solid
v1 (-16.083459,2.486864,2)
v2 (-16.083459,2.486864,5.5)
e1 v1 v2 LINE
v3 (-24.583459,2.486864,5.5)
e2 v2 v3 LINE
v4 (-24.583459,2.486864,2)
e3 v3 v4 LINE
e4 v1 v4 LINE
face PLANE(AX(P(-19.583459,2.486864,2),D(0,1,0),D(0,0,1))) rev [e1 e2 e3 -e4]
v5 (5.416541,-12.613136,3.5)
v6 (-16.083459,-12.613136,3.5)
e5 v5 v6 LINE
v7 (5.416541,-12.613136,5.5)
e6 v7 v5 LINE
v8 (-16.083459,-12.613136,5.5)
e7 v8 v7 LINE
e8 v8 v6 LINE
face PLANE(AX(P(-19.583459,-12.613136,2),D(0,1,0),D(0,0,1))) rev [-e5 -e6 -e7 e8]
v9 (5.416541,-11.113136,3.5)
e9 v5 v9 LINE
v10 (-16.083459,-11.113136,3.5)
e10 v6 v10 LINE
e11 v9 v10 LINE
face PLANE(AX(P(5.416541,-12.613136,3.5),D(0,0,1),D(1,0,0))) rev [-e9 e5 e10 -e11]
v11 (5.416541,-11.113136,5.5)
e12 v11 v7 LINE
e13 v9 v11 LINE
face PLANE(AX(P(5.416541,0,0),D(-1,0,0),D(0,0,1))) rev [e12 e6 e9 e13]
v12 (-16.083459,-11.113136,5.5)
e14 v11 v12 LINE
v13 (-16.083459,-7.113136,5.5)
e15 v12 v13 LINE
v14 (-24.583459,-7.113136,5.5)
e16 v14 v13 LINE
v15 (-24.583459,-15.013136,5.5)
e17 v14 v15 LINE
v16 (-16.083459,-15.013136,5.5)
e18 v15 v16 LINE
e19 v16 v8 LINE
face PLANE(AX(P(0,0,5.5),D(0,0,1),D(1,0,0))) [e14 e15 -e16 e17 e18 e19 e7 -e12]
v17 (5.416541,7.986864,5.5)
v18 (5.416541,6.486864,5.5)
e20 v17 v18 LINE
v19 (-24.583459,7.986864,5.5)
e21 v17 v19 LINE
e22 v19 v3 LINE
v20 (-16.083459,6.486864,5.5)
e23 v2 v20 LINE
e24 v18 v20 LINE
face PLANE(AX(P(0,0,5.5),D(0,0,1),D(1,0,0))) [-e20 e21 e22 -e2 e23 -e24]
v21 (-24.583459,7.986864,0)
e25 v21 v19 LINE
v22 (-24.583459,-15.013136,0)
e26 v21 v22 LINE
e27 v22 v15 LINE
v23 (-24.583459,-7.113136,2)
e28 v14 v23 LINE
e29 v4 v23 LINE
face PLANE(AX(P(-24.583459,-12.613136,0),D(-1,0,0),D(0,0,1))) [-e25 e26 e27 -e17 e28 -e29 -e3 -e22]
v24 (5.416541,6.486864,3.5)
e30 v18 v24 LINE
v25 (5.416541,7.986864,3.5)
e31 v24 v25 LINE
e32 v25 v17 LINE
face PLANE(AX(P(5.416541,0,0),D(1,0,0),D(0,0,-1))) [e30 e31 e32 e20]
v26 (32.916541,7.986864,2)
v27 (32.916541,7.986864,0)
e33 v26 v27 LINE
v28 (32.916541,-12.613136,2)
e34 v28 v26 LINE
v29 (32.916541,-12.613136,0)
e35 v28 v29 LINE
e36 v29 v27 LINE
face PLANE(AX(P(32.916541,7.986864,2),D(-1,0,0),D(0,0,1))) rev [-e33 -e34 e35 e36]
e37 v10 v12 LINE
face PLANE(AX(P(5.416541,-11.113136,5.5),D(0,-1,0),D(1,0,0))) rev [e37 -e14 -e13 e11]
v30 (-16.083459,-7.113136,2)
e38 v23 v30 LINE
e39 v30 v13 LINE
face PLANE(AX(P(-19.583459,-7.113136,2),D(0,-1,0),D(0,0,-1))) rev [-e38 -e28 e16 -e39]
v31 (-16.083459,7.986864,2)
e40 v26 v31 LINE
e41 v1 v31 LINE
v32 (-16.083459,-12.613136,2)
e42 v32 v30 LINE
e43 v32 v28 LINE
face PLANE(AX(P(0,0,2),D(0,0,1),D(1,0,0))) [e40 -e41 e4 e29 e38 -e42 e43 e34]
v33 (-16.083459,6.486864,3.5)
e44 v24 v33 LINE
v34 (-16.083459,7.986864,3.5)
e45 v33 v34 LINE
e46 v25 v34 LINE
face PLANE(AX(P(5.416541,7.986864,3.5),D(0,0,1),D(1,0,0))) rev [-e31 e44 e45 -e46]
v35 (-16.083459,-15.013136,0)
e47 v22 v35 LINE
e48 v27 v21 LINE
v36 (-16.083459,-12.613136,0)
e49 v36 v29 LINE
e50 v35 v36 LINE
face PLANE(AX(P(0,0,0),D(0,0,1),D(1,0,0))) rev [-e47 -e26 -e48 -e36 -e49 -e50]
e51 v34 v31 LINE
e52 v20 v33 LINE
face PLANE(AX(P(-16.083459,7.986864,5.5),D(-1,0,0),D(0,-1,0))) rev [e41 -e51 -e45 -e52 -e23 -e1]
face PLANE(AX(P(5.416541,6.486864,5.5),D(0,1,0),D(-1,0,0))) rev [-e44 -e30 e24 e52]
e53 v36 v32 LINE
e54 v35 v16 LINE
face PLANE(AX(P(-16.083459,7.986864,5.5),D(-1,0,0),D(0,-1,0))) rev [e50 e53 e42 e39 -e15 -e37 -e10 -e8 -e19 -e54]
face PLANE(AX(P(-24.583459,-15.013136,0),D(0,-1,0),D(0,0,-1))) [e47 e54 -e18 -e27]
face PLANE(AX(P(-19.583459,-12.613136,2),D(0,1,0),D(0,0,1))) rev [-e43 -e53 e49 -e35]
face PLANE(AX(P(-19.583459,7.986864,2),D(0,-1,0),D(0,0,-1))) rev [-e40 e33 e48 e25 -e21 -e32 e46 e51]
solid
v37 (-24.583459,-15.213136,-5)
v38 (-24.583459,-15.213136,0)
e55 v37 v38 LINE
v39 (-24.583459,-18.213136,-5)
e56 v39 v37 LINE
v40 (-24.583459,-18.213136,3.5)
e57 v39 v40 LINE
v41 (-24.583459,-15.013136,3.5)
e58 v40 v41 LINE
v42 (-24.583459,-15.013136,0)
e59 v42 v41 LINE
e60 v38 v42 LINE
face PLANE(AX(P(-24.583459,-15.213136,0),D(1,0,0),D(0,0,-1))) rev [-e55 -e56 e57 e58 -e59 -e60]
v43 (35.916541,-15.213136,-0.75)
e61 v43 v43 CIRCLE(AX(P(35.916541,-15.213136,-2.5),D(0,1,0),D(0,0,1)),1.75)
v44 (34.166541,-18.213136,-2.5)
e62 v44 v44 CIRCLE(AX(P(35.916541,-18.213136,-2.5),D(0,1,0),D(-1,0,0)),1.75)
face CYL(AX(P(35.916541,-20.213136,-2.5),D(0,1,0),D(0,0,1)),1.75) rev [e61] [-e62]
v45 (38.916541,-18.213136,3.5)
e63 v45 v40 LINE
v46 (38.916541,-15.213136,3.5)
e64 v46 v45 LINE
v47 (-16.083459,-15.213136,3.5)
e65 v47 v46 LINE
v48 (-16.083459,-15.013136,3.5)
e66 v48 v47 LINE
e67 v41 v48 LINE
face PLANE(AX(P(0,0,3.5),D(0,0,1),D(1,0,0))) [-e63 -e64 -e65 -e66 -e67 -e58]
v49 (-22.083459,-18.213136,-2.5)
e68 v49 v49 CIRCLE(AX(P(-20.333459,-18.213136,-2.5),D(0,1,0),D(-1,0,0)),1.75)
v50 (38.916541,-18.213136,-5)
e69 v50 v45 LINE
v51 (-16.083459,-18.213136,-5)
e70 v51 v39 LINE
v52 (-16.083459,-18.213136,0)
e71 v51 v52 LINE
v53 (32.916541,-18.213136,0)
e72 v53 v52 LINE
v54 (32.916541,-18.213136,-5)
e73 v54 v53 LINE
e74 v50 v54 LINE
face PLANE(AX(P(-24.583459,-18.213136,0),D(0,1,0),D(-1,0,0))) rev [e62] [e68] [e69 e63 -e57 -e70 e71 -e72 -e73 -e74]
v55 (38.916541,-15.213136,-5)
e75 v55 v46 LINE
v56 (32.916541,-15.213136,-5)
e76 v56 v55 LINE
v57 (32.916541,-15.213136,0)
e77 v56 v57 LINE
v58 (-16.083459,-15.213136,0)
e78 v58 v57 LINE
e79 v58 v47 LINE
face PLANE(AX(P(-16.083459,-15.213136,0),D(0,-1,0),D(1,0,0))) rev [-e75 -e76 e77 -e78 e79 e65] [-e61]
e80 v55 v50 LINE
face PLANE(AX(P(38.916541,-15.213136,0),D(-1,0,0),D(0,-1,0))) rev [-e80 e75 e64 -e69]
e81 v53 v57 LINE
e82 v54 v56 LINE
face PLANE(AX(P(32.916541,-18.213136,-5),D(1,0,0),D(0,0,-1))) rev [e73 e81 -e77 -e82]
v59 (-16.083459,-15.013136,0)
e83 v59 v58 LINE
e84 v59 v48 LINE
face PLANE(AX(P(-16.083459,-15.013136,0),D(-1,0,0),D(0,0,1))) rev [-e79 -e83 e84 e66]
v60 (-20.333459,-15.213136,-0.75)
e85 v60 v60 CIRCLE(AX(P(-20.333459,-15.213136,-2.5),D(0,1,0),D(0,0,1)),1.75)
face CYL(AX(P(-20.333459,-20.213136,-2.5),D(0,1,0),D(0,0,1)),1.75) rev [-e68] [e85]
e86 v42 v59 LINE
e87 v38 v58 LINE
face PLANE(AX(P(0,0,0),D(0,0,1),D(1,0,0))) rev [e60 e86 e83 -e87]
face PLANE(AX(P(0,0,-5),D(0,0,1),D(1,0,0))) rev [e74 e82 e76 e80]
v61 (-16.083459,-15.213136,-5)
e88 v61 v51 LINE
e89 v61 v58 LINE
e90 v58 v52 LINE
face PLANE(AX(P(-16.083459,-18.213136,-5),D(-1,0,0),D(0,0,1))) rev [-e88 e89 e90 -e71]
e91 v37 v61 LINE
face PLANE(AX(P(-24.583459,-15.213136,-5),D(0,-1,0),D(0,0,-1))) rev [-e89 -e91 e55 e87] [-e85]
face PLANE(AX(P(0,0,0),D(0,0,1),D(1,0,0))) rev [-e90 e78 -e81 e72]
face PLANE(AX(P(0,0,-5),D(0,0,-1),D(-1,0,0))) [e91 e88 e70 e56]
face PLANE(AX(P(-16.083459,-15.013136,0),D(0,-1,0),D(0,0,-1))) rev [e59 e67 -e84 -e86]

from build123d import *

# Parameters (mm, degrees)
ESBO_O1_W                 = 52.5
ESBO_O1_H                 = 20.6
RESSALTO_EXTRUS_O1_DEPTH  = 2
ESBO_O2_W                 = 3.5
ESBO_O2_H                 = 20.6
RESSALTO_EXTRUS_O2_DEPTH  = 3.5
ESBO_O3_W                 = 3.5
ESBO_O3_H                 = 9.6
CORTE_EXTRUS_O1_DEPTH     = 3.5
ESBO_O4_W                 = 2
ESBO_O4_H                 = 1.5
RESSALTO_EXTRUS_O3_DEPTH  = 21.5
RESSALTO_EXTRUS_O4_DEPTH  = 2
ESBO_O9_W                 = 5
ESBO_O9_H                 = 5.5
RESSALTO_EXTRUS_O8_DEPTH  = 3.5
RESSALTO_EXTRUS_O9_DEPTH  = 3.5
ESBO_O11_W                = 8.5
ESBO_O11_H                = 3
ESBO_O11_W_2              = 6
RESSALTO_EXTRUS_O10_DEPTH = 5
ESBO_O12_R                = 1.75
CORTE_EXTRUS_O2_DEPTH     = 5


with BuildPart() as part:
    # Esboço1 → Ressalto-extrusão1 (new body)
    with BuildSketch(Plane.XY):
        with Locations((6.666541047, -2.313135593)):
            Rectangle(ESBO_O1_W, ESBO_O1_H)
    extrude(amount=RESSALTO_EXTRUS_O1_DEPTH)

    # Esboço2 → Ressalto-extrusão2 (add)
    with BuildSketch(Plane.XY.offset(2)):
        with Locations((-17.833458953, -2.313135593)):
            Rectangle(ESBO_O2_W, ESBO_O2_H)
    extrude(amount=RESSALTO_EXTRUS_O2_DEPTH)

    # Esboço3 → Corte-extrusão1 (cut)
    with BuildSketch(Plane.XY.offset(5.5)):
        with Locations((-17.833458953, -2.313135593)):
            Rectangle(ESBO_O3_W, ESBO_O3_H)
    extrude(amount=-CORTE_EXTRUS_O1_DEPTH, mode=Mode.SUBTRACT)

    # Esboço4 → Ressalto-extrusão3 (add)
    with BuildSketch(Plane(origin=(-16.083458953, 0, 0), x_dir=(0, 0, -1), z_dir=(1, 0, 0))):
        with Locations((-4.5, 7.236864407)):
            Rectangle(ESBO_O4_W, ESBO_O4_H)
        with Locations((-4.5, -11.863135593)):
            Rectangle(ESBO_O4_W, ESBO_O4_H)
    extrude(amount=RESSALTO_EXTRUS_O3_DEPTH)

    # Esboço5 → Ressalto-extrusão4 (add)
    with BuildSketch(Plane.XY.offset(2)):
        Polygon((-19.583458953, 7.986864407), (-24.583458953, 7.986864407), (-24.583458953, -12.613135593), (-24.583458953, -15.013135593), (-16.083458953, -15.013135593), (-16.083458953, -12.613135593), (-19.583458953, -12.613135593), align=None)
    extrude(amount=-RESSALTO_EXTRUS_O4_DEPTH)

    # Esboço9 → Ressalto-extrusão8 (add, through all)
    with BuildSketch(Plane.XY.offset(2)):
        Polygon((-19.583458953, -7.113135593), (-24.583458953, -7.113135593), (-24.583458953, -15.013135593), (-16.083458953, -15.013135593), (-16.083458953, -12.613135593), (-19.583458953, -12.613135593), align=None)
        with Locations((-22.083458953, 5.236864407)):
            Rectangle(ESBO_O9_W, ESBO_O9_H)
    extrude(amount=RESSALTO_EXTRUS_O8_DEPTH)


with BuildPart() as body_2:
    # Esboço10 → Ressalto-extrusão9 (new, through all)
    with BuildSketch(Plane(origin=(0, 0, 3.5), x_dir=(-1, 0, 0), z_dir=(0, 0, -1))):
        Polygon((16.083458953, -15.213135593), (-38.916541047, -15.213135593), (-38.916541047, -18.213135593), (24.583458953, -18.213135593), (24.583458953, -15.213135593), (24.583458953, -15.013135593), (16.083458953, -15.013135593), align=None)
    extrude(amount=RESSALTO_EXTRUS_O9_DEPTH)

    # Esboço11 → Ressalto-extrusão10 (add)
    with BuildSketch(Plane(origin=(0, 0, 0), x_dir=(-1, 0, 0), z_dir=(0, 0, -1))):
        with Locations((20.333458953, -16.713135593)):
            Rectangle(ESBO_O11_W, ESBO_O11_H)
        with Locations((-35.916541047, -16.713135593)):
            Rectangle(ESBO_O11_W_2, ESBO_O11_H)
    extrude(amount=RESSALTO_EXTRUS_O10_DEPTH)

    # Esboço12 → Corte-extrusão2 (cut)
    with BuildSketch(Plane(origin=(0, -15.213135593, 0), x_dir=(1, 0, 0), z_dir=(0, 1, 0))):
        with Locations(Location((35.916541047, 2.5, 0), (0, 0, 270))):
            Circle(ESBO_O12_R)
        with Locations(Location((-20.333458953, 2.5, 0), (0, 0, 270))):
            Circle(ESBO_O12_R)
    extrude(amount=-CORTE_EXTRUS_O2_DEPTH, mode=Mode.SUBTRACT)


solid = Compound([part.part, body_2.part])
